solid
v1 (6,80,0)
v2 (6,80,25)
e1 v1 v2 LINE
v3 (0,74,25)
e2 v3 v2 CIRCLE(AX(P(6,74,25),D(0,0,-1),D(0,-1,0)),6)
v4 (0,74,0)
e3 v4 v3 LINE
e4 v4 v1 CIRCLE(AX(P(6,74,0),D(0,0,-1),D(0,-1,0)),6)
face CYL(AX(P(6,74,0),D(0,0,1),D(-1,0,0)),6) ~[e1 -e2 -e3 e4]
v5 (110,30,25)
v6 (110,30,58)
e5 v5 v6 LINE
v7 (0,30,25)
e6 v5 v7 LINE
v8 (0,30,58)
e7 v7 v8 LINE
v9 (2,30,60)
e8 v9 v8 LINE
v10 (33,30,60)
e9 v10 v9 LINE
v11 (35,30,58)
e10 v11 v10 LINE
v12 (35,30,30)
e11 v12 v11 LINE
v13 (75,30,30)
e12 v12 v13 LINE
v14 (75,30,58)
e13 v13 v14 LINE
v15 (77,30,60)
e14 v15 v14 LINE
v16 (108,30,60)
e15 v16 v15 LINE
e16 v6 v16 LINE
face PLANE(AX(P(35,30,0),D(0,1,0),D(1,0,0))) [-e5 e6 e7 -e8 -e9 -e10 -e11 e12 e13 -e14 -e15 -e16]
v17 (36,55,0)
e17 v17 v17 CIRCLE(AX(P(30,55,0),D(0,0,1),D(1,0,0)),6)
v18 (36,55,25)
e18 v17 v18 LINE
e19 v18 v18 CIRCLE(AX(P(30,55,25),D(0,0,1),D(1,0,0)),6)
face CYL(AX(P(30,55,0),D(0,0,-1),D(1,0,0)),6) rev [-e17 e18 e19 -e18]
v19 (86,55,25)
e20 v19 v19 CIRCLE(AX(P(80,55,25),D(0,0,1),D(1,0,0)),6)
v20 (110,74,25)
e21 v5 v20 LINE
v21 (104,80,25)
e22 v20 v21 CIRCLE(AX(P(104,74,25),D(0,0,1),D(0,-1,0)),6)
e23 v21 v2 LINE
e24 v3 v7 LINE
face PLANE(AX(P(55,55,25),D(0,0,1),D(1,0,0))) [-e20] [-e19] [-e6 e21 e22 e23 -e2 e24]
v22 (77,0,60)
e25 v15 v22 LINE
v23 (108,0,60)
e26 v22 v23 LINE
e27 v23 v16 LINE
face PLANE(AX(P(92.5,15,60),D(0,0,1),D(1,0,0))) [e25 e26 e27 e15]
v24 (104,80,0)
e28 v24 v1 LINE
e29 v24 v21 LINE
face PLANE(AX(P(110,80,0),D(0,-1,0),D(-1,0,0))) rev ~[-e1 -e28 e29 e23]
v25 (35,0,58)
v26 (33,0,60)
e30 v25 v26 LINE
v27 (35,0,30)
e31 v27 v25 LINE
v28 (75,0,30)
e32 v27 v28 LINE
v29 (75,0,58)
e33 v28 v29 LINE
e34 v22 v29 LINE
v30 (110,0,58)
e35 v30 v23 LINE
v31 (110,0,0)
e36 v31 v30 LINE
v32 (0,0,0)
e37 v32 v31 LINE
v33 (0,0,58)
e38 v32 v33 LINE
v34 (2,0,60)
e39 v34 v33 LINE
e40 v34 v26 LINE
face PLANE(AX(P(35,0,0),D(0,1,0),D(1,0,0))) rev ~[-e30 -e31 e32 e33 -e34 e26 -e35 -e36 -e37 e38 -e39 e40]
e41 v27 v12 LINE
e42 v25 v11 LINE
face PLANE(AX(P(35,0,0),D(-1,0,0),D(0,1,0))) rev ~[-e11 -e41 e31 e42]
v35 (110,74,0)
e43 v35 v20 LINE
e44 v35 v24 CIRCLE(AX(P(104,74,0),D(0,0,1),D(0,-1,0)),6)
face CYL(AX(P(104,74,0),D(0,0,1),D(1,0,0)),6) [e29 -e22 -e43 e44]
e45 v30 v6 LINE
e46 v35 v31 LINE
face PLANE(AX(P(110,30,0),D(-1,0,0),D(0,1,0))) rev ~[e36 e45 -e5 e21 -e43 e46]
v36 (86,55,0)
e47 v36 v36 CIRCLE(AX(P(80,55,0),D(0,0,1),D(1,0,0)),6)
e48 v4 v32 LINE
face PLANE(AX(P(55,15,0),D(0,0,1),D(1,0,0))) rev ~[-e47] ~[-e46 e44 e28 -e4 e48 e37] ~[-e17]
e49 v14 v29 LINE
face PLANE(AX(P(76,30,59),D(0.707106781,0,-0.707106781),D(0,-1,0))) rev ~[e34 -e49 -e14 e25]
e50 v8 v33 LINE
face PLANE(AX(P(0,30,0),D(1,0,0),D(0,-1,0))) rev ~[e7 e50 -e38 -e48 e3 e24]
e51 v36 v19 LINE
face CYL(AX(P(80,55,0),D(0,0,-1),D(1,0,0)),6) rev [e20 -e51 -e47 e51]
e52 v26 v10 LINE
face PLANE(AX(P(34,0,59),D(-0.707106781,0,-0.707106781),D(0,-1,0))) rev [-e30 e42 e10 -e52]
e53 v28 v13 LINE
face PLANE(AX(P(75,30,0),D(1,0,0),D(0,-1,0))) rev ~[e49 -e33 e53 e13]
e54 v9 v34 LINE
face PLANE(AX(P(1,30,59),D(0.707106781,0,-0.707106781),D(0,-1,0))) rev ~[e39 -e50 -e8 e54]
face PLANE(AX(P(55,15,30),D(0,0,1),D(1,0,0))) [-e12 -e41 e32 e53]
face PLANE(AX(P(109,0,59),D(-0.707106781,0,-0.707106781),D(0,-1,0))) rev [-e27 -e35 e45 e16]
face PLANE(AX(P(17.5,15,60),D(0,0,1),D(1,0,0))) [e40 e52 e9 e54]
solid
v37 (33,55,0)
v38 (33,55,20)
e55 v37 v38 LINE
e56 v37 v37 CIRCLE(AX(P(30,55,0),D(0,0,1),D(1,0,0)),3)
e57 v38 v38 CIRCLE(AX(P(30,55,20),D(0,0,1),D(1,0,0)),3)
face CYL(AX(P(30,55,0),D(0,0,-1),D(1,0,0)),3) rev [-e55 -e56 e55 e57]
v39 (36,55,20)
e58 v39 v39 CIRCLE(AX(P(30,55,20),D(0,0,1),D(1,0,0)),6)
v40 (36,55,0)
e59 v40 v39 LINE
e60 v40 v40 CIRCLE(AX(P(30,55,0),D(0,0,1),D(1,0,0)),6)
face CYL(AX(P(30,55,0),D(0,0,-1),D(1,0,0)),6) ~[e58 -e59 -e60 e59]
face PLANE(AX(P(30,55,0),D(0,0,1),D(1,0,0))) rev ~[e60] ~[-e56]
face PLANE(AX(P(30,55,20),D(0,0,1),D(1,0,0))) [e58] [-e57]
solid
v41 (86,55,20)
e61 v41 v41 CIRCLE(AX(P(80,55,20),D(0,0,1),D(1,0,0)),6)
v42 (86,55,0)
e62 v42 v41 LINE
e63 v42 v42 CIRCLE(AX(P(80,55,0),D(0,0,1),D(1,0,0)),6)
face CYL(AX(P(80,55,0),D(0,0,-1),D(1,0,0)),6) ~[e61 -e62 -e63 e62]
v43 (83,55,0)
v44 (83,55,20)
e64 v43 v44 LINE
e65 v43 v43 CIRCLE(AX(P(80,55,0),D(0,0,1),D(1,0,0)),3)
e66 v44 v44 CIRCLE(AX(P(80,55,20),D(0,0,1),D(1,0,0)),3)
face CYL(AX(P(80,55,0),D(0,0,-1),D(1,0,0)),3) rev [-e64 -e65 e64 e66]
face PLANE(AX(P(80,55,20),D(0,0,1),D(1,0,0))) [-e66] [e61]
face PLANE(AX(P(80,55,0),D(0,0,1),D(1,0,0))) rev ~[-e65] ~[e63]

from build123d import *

# Parameters (mm, degrees)
F0_R     = 6
F0_R_2   = 3
F1_DEPTH = 20
F2_DEPTH = 25
F3_DEPTH = 60
F0_W     = 40
F0_H     = 30
F4_DEPTH = 30
F5_SIZE  = 2
F6_R     = 6


with BuildPart() as f1:
    # F0 (on Top) → F1 (new body)
    with BuildSketch(Plane.XY):
        with Locations((30, 55)):
            Circle(F0_R)
        with Locations((30, 55)):
            Circle(F0_R_2, mode=Mode.SUBTRACT)
    extrude(amount=F1_DEPTH)


with BuildPart() as f1b:
    # F0 (on Top) → F1, piece 2 (new body)
    with BuildSketch(Plane.XY):
        with Locations((80, 55)):
            Circle(F0_R)
        with Locations((80, 55)):
            Circle(F0_R_2, mode=Mode.SUBTRACT)
    extrude(amount=F1_DEPTH)


with BuildPart() as f2:
    # F0 (on Top) → F2 (new body)
    with BuildSketch(Plane.XY):
        Polygon((0, 30), (35, 30), (75, 30), (110, 30), (110, 80), (0, 80), align=None)
        with Locations((30, 55)):
            Circle(F0_R, mode=Mode.SUBTRACT)
        with Locations((80, 55)):
            Circle(F0_R, mode=Mode.SUBTRACT)
    extrude(amount=F2_DEPTH)

    # F0 (on Top) → F3 (join)
    with BuildSketch(Plane.XY):
        Polygon((0, 0), (6, 0), (35, 0), (35, 30), (0, 30), (0, 6), align=None)
        Polygon((75, 30), (75, 0), (104, 0), (110, 0), (110, 6), (110, 30), align=None)
    extrude(amount=F3_DEPTH)

    # F0 (on Top) → F4 (join)
    with BuildSketch(Plane.XY):
        with Locations((55, 15)):
            Rectangle(F0_W, F0_H)
    extrude(amount=F4_DEPTH)

    # F5
    f5_edges = [f2.edges().sort_by_distance(p)[0] for p in [
        (110, 15, 60),
        (75, 15, 60),
        (35, 15, 60),
        (0, 15, 60),
    ]]
    chamfer(f5_edges, length=F5_SIZE)

    # F6
    f6_edges = [f2.edges().sort_by_distance(p)[0] for p in [
        (0, 80, 12.5),
        (110, 80, 12.5),
    ]]
    fillet(f6_edges, radius=F6_R)


solid = Compound([f1.part, f1b.part, f2.part])
